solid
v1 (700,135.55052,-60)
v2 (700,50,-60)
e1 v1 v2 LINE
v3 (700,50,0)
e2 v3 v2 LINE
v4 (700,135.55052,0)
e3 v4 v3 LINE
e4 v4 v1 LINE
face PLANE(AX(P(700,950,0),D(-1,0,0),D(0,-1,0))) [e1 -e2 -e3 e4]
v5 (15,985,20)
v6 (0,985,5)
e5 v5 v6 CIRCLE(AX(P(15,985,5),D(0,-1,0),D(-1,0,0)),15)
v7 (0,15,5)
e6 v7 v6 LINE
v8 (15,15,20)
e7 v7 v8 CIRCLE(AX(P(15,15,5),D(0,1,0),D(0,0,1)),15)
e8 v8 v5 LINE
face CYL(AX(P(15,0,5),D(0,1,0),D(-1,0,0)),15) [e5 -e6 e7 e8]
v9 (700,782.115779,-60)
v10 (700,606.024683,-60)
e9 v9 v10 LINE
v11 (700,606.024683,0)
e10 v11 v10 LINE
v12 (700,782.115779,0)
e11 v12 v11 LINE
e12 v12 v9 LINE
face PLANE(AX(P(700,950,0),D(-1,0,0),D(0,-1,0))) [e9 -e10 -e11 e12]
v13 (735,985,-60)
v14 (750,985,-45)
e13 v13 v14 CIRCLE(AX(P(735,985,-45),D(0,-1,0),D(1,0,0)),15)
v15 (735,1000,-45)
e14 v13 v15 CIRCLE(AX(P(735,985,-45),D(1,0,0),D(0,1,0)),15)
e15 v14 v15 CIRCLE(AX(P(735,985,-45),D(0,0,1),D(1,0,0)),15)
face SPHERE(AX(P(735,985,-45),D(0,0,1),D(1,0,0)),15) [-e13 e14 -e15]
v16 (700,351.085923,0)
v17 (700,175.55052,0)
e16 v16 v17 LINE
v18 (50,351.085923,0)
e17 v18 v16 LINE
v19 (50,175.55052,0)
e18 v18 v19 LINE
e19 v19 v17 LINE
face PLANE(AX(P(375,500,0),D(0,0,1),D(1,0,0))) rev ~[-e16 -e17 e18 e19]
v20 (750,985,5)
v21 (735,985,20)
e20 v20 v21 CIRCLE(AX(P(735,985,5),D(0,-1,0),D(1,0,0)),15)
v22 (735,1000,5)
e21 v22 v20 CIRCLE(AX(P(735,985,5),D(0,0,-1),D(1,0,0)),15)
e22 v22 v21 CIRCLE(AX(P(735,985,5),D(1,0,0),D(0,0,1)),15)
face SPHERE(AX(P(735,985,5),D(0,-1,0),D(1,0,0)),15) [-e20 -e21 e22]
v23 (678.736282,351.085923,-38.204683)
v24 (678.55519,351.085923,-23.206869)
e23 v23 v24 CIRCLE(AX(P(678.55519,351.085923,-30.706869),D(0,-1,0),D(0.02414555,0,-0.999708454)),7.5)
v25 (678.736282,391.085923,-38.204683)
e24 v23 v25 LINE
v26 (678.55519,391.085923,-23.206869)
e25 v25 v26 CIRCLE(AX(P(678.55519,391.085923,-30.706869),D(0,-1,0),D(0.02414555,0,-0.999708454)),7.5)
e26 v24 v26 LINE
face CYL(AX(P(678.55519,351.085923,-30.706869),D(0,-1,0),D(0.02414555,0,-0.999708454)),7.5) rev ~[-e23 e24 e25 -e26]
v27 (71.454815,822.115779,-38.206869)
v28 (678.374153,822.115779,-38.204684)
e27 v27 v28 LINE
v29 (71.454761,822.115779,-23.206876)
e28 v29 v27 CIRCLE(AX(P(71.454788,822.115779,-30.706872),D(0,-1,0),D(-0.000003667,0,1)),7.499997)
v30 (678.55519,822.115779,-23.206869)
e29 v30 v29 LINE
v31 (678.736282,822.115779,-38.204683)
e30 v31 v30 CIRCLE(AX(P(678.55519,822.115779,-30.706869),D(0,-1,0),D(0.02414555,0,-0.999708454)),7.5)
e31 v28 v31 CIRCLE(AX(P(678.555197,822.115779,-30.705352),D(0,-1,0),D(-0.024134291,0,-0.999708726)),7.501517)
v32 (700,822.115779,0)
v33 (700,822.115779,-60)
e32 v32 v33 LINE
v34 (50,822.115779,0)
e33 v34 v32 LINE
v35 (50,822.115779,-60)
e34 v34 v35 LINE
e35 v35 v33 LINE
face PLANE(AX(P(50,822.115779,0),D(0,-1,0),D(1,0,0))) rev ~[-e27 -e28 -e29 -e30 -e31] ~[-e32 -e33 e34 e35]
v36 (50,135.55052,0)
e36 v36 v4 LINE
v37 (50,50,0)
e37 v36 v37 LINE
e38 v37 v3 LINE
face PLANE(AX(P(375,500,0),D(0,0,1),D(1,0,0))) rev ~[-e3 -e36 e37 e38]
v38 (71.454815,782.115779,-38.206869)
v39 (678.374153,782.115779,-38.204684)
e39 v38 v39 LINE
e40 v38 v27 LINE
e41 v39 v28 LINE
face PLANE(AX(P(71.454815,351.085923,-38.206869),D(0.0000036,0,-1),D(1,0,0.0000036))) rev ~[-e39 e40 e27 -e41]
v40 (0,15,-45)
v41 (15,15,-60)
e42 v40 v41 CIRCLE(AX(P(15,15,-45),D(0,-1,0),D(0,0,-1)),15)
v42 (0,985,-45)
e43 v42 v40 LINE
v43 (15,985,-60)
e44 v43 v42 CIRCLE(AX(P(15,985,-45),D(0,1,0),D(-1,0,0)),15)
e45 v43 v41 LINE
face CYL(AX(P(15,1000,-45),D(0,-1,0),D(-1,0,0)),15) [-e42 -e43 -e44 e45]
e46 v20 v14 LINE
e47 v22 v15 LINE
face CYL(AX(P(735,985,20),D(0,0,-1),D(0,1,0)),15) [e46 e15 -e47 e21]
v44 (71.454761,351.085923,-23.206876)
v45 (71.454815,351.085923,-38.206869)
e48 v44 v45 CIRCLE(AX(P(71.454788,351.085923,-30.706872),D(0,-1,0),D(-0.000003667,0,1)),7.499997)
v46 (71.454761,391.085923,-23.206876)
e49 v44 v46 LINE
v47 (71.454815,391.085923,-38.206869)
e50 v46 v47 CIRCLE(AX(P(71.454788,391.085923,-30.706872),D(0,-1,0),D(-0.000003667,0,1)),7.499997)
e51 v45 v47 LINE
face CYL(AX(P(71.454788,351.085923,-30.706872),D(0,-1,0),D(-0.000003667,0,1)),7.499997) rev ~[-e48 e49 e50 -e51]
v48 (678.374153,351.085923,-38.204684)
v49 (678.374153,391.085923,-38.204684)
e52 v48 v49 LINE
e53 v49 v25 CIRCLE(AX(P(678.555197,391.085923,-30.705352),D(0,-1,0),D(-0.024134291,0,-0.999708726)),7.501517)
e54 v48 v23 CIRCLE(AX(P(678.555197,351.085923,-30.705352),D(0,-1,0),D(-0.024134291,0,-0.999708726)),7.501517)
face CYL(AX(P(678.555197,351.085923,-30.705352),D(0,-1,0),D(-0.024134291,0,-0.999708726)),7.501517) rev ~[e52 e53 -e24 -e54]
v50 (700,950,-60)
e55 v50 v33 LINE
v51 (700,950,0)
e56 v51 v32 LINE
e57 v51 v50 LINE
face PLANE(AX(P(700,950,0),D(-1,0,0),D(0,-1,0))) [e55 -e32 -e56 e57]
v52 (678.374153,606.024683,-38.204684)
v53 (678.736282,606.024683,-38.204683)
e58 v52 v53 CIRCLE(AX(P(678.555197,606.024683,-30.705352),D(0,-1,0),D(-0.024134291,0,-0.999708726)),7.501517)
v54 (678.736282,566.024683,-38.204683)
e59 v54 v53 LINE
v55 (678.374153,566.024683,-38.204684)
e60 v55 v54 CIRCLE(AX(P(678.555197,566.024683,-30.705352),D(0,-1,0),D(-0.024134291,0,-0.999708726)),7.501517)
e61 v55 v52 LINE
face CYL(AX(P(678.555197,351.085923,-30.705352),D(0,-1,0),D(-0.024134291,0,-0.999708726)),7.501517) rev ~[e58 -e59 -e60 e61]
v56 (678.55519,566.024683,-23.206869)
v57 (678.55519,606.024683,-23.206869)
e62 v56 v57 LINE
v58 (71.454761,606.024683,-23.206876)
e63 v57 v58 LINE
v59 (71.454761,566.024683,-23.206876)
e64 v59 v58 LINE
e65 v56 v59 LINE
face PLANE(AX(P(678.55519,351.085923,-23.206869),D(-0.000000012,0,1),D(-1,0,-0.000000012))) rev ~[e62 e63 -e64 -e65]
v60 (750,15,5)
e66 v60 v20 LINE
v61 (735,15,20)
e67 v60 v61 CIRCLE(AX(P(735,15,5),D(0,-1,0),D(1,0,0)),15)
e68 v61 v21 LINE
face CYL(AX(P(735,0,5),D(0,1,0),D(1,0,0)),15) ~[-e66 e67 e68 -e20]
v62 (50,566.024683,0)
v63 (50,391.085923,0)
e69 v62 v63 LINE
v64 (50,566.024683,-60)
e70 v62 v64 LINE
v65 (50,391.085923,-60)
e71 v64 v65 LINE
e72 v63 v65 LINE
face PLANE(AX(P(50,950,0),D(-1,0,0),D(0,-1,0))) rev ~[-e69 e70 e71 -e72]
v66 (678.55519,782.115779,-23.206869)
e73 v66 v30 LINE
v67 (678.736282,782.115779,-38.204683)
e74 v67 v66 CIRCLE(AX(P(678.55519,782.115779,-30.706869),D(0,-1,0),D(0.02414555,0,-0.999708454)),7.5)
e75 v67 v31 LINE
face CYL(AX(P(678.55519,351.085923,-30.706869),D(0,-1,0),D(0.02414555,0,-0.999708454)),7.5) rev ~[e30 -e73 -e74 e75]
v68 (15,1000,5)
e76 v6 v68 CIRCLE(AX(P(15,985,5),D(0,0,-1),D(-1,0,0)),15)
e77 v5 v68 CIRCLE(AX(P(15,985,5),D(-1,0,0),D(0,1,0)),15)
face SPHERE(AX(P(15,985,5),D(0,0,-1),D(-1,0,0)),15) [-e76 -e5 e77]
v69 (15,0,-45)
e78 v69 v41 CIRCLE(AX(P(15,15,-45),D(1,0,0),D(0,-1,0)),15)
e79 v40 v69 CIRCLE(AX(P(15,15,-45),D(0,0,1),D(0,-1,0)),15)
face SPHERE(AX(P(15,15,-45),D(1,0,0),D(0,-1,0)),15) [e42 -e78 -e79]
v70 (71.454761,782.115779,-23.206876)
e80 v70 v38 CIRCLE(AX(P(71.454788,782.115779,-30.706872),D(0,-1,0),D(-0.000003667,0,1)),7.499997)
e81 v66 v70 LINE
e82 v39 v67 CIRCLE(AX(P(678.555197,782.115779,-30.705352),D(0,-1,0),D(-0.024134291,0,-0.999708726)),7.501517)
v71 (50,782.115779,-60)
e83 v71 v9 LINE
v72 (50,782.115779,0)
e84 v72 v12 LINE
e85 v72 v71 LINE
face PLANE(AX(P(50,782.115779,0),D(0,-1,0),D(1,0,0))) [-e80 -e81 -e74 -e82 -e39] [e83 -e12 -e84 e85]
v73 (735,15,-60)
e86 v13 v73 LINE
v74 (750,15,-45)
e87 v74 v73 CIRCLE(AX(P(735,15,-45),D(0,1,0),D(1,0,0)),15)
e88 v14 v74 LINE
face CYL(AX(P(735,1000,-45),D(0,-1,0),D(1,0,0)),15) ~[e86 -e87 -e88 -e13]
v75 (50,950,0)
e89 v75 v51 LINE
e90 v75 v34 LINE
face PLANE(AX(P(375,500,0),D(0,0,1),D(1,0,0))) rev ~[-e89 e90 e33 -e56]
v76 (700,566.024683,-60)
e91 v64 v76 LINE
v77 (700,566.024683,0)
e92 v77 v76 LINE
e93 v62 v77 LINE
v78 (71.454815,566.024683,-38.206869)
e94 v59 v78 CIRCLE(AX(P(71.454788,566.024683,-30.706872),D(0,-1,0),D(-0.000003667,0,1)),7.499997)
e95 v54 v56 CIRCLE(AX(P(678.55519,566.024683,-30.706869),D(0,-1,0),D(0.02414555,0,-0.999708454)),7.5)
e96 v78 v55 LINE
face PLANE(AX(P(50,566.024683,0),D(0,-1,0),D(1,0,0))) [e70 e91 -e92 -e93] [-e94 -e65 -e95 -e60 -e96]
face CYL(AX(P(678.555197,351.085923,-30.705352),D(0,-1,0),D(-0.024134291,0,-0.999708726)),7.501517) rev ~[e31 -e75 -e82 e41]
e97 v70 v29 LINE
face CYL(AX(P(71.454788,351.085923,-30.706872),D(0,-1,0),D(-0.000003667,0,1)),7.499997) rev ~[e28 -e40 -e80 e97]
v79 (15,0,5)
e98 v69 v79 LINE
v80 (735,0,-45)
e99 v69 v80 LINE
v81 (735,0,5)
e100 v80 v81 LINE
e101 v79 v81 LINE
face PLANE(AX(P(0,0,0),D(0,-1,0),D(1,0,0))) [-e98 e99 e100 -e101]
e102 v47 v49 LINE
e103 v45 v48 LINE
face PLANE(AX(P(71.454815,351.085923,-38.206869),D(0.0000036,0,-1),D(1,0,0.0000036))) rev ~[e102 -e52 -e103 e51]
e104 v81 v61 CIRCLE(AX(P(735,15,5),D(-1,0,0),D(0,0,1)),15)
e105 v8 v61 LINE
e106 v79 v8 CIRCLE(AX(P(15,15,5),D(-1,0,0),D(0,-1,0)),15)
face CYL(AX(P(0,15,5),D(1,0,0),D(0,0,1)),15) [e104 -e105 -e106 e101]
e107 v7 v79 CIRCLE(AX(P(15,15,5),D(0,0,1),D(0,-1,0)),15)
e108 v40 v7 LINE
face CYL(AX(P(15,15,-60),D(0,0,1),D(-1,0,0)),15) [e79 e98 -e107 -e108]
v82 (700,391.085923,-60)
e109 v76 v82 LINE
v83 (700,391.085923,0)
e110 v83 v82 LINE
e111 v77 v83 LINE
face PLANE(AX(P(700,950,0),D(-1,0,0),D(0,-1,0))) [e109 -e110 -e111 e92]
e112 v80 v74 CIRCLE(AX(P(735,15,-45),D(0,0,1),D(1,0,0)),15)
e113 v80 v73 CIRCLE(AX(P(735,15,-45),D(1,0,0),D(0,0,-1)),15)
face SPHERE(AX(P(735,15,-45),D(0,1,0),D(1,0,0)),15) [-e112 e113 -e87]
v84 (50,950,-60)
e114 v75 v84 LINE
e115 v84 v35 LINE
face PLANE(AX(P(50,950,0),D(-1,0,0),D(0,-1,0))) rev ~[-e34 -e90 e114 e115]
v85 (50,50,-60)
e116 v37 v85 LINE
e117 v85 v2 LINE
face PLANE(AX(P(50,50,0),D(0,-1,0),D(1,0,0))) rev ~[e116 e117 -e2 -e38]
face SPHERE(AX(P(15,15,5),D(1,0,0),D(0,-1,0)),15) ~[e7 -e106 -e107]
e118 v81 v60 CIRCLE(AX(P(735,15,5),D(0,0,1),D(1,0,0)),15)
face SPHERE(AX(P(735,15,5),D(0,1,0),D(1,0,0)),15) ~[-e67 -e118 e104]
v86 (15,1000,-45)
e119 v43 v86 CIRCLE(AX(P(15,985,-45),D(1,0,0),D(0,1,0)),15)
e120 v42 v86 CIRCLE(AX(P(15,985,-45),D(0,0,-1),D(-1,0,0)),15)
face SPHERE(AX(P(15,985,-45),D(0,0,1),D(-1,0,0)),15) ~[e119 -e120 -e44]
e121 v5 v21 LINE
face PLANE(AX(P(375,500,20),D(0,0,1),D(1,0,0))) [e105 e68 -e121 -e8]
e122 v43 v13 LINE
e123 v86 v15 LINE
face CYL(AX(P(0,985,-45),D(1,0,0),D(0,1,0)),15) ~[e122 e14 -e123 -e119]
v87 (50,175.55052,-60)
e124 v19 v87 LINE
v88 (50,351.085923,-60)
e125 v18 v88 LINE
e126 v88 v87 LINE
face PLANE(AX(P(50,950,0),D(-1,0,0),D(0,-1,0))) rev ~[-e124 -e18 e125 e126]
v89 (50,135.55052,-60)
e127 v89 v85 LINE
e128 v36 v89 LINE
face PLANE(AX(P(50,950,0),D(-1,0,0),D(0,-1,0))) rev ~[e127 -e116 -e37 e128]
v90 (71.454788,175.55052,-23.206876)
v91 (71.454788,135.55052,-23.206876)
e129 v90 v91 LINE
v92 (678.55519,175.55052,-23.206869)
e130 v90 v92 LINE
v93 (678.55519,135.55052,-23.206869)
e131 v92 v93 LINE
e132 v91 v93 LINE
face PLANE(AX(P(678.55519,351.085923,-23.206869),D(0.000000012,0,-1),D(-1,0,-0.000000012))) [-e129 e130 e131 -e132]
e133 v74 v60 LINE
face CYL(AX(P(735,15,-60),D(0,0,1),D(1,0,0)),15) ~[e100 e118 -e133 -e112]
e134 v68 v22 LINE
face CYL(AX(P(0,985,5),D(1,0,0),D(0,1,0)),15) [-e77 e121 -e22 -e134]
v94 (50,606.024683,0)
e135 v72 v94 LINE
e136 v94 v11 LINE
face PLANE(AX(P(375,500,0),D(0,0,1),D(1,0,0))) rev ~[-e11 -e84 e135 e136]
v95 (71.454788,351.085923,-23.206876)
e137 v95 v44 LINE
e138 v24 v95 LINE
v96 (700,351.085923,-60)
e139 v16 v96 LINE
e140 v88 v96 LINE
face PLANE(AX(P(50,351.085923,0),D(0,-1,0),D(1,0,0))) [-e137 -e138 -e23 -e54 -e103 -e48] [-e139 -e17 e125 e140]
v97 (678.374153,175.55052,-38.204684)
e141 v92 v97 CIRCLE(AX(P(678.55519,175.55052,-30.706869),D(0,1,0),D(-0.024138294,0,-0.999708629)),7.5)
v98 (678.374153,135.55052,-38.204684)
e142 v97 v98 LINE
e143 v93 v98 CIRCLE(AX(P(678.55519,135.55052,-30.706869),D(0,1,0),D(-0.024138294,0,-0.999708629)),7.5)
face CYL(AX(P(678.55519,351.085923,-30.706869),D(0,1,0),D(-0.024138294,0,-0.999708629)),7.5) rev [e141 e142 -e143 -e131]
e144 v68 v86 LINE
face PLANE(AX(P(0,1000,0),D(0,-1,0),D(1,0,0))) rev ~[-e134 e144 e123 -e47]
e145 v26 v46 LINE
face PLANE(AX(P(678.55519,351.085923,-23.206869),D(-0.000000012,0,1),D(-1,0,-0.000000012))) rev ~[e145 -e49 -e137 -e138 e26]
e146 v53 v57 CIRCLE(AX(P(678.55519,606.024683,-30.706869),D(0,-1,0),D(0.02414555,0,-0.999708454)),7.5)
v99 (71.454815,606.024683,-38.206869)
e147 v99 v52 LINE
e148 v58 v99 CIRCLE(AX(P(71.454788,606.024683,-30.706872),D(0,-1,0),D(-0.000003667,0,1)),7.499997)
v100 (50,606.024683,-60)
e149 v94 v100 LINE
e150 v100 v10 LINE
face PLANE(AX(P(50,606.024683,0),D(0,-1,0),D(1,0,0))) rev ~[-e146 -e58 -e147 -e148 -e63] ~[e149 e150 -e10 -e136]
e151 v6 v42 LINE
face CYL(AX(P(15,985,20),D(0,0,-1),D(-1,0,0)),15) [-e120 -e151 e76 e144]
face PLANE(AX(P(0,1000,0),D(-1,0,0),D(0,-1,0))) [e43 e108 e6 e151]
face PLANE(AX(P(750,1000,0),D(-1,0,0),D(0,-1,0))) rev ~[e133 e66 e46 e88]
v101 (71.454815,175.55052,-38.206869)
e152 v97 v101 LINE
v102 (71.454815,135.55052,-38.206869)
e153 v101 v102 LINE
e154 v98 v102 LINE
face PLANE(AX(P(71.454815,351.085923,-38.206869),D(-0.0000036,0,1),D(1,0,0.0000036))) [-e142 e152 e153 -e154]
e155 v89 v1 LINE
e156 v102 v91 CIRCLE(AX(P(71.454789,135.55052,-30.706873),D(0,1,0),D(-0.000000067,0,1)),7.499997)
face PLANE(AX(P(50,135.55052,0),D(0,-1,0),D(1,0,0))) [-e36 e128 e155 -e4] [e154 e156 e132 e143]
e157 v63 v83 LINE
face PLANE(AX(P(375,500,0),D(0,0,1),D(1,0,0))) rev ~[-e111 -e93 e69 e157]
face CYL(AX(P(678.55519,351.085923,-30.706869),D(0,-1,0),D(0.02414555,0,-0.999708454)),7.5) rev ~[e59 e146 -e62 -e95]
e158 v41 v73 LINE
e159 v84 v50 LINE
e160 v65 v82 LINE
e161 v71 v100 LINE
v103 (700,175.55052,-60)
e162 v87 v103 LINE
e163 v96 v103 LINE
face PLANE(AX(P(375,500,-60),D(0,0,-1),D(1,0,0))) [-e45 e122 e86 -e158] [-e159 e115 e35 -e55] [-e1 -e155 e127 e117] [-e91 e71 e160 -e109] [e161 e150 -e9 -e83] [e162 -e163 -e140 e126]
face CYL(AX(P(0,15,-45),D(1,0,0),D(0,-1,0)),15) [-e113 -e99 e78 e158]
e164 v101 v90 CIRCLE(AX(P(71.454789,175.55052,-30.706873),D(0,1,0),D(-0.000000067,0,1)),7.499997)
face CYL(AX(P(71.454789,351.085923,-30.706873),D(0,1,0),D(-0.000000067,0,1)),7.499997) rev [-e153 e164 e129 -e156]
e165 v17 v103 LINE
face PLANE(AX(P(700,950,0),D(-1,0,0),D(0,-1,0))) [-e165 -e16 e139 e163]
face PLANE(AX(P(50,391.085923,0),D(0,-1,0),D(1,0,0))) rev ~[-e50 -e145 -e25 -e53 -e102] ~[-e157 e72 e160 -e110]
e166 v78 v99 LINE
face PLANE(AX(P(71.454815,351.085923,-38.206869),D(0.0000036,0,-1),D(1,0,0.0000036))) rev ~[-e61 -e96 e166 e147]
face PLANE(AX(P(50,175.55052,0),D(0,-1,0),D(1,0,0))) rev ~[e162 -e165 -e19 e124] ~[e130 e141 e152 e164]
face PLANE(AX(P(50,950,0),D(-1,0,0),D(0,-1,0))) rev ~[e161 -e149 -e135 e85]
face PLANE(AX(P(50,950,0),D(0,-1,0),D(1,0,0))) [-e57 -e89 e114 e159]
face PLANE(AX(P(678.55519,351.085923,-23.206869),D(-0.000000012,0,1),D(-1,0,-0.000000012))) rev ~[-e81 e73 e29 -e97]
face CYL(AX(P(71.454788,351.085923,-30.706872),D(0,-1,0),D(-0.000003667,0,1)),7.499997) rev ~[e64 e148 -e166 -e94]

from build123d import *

# Parameters (mm, degrees)
F0_W      = 750
F0_H      = 1000
F1_DEPTH  = 20
F2_W      = 750
F2_H      = 1000
F2_W_2    = 650
F2_H_2    = 900
F3_DEPTH  = 60
F4_R      = 15
F5_W      = 650
F5_H      = 40
F6_DEPTH  = 60
F8_DEPTH  = 500
F10_DEPTH = 242


with BuildPart() as f1:
    # F0 (on Top) → F1 (new body)
    with BuildSketch(Plane.XY):
        with Locations((375, 500)):
            Rectangle(F0_W, F0_H)
    extrude(amount=F1_DEPTH)

    # F2 (on face) → F3 (join)
    with BuildSketch(Plane(origin=(0, 0, 0), x_dir=(1, 0, 0), z_dir=(0, 0, -1))):
        with Locations((375, -500)):
            Rectangle(F2_W, F2_H)
        with Locations((375, -500)):
            Rectangle(F2_W_2, F2_H_2, mode=Mode.SUBTRACT)
    extrude(amount=F3_DEPTH)

    # F4
    f4_edges = [f1.edges().sort_by_distance(p)[0] for p in [
        (750, 500, 20),
        (750, 1000, -20),
        (750, 500, -60),
        (750, 0, -20),
        (375, 0, 20),
        (375, 0, -60),
        (0, 0, -20),
        (0, 1000, -20),
        (0, 500, 20),
        (0, 500, -60),
        (375, 1000, 20),
        (375, 1000, -60),
    ]]
    fillet(f4_edges, radius=F4_R)

    # F5 (on face) → F6 (join)
    with BuildSketch(Plane(origin=(0, 0, 0), x_dir=(1, 0, 0), z_dir=(0, 0, -1))):
        with Locations((375, -155.55052)):
            Rectangle(F5_W, F5_H)
        with Locations((375, -371.085923)):
            Rectangle(F5_W, F5_H)
        with Locations((375, -586.024683)):
            Rectangle(F5_W, F5_H)
        with Locations((375, -802.115779)):
            Rectangle(F5_W, F5_H)
    extrude(amount=F6_DEPTH)

    # F7 (on face) → F8 (cut)
    with BuildSketch(Plane.XZ.offset(-351.085923)):
        with BuildLine():
            Line((678.736282, -38.204683), (678.374153, -38.204684))
            ThreePointArc((678.374153, -38.204684), (678.555218, -38.206869), (678.736282, -38.204683))
        make_face()
        with BuildLine():
            Line((71.454815, -38.206869), (678.374153, -38.204684))
            Line((678.374153, -38.204684), (678.736282, -38.204683))
            ThreePointArc((678.736282, -38.204683), (686.054644, -30.616317), (678.55519, -23.206869))
            Line((678.55519, -23.206869), (71.454761, -23.206876))
            ThreePointArc((71.454761, -23.206876), (63.954792, -30.7069), (71.454815, -38.206869))
        make_face()
    extrude(amount=-F8_DEPTH, mode=Mode.SUBTRACT)

    # F9 (on face) → F10 (cut)
    with BuildSketch(Plane.XZ.offset(-351.085923)):
        with BuildLine():
            Line((678.55519, -23.206869), (71.454788, -23.206876))
            ThreePointArc((71.454788, -23.206876), (63.954792, -30.706886), (71.454815, -38.206869))
            Line((71.454815, -38.206869), (678.374153, -38.204684))
            ThreePointArc((678.374153, -38.204684), (686.054644, -30.797395), (678.55519, -23.206869))
        make_face()
    extrude(amount=F10_DEPTH, mode=Mode.SUBTRACT)


solid = f1.part
